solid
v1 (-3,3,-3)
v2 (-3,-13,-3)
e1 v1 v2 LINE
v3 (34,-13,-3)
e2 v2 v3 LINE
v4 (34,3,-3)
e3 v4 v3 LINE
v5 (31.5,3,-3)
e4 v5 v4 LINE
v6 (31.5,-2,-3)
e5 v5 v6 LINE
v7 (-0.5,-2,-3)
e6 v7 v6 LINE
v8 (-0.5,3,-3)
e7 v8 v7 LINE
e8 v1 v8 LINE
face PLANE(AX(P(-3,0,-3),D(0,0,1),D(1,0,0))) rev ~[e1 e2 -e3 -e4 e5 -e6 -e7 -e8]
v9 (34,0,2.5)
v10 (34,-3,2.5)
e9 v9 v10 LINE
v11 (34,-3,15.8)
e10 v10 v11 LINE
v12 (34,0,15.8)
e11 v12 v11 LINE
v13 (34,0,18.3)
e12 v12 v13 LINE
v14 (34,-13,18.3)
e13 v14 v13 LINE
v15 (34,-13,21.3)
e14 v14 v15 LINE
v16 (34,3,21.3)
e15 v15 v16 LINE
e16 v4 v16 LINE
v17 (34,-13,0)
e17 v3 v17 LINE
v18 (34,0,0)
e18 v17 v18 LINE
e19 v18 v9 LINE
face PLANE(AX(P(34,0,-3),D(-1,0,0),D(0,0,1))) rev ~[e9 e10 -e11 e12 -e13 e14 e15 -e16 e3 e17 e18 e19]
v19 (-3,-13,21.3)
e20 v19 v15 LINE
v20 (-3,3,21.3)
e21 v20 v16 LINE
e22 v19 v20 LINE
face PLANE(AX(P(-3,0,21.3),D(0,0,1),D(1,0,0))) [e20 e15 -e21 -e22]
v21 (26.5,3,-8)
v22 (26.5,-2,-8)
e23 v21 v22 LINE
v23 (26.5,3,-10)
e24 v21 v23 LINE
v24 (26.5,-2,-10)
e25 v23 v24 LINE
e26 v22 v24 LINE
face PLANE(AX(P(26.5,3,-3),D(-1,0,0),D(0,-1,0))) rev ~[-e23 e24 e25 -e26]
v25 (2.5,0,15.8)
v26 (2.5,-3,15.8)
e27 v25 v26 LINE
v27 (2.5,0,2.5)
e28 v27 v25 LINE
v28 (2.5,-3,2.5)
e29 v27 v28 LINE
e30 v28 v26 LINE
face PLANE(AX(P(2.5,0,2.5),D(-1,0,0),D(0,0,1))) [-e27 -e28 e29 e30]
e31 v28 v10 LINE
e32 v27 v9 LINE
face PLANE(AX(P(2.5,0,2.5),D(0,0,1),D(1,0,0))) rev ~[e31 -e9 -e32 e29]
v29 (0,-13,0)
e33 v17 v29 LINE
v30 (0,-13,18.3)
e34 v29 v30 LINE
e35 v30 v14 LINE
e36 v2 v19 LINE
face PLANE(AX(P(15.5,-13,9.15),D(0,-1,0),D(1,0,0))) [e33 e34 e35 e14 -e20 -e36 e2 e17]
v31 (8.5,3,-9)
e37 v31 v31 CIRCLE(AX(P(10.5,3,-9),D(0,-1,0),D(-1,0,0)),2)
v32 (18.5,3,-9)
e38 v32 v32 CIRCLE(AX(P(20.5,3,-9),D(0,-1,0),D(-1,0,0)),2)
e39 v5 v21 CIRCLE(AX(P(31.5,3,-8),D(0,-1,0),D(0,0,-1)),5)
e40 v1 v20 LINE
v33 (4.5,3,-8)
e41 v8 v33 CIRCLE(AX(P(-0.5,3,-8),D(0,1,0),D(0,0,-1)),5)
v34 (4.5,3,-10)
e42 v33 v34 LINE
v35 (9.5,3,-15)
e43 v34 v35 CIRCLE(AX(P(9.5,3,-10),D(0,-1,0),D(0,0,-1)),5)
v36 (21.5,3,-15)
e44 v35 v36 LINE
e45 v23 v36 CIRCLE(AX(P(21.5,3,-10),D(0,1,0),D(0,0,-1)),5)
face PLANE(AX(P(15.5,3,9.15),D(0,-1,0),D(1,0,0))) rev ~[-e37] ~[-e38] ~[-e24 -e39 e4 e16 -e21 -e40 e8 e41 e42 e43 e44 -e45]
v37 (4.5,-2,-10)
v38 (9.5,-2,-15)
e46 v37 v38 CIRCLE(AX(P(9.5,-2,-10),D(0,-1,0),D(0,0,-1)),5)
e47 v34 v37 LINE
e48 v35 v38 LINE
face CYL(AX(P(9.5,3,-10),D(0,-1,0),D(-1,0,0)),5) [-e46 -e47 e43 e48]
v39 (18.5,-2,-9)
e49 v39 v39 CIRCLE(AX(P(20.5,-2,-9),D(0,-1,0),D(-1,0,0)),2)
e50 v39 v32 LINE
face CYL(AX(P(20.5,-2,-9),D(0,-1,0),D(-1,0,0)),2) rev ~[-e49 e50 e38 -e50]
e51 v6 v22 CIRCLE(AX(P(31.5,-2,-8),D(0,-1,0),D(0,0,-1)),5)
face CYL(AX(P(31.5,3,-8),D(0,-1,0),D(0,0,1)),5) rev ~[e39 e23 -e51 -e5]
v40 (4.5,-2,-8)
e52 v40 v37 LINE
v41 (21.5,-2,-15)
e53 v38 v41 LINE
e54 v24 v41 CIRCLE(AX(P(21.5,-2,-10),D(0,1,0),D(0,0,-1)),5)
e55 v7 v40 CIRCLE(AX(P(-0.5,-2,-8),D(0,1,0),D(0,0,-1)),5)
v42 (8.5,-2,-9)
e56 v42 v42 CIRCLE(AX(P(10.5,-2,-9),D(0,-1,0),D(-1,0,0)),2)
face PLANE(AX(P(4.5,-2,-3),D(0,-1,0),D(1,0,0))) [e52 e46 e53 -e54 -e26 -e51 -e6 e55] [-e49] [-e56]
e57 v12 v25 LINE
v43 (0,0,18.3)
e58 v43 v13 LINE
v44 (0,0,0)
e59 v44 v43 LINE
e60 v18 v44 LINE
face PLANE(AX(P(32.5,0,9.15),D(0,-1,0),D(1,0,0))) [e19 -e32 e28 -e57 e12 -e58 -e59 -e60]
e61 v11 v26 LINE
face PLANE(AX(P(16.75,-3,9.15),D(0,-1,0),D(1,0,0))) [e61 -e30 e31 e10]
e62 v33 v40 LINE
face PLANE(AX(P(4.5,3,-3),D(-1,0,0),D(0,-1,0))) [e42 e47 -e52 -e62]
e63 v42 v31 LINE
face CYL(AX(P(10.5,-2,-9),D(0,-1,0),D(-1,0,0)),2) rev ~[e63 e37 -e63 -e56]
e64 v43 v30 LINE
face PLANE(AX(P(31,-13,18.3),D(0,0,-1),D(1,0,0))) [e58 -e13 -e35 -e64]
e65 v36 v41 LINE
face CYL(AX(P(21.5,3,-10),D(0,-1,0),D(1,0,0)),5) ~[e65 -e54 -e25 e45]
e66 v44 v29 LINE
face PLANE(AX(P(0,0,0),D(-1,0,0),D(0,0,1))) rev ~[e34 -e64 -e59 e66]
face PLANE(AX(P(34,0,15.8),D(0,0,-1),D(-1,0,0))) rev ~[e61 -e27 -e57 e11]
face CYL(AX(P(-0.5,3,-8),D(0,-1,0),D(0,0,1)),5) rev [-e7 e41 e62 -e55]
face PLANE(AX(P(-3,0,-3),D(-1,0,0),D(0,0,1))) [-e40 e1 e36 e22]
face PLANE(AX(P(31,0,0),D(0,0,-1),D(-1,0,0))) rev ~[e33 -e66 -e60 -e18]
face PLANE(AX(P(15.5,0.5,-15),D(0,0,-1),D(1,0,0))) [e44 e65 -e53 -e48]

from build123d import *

# Parameters (mm, degrees)
F0_W      = 37
F0_H      = 24.3
F0_W_2    = 31
F0_H_2    = 9.15
F1_DEPTH  = 3
F2_DEPTH  = 13
F3_W      = 3
F3_H      = 18.3
F4_DEPTH  = 13
F5_W      = 28.5
F5_H      = 13.3
F5_W_2    = 3
F6_DEPTH  = 3
F7_W      = 22
F7_H      = 5
F8_DEPTH  = 12
F10_R     = 5
F11_DEPTH = 25


with BuildPart() as f1:
    # F0 (on Front) → F1 (new body)
    with BuildSketch(Plane.XZ):
        with Locations((15.5, 9.15)):
            Rectangle(F0_W, F0_H)
        Polygon((31, 0), (0, 0), (0, 9.15), (0, 18.3), (31, 18.3), (31, 9.15), align=None, mode=Mode.SUBTRACT)
        with Locations((15.5, 13.725)):
            Rectangle(F0_W_2, F0_H_2)
        with Locations((15.5, 4.575)):
            Rectangle(F0_W_2, F0_H_2)
    extrude(amount=-F1_DEPTH)

    # F0 (on Front) → F2 (join)
    with BuildSketch(Plane.XZ):
        with Locations((15.5, 9.15)):
            Rectangle(F0_W, F0_H)
        Polygon((31, 0), (0, 0), (0, 9.15), (0, 18.3), (31, 18.3), (31, 9.15), align=None, mode=Mode.SUBTRACT)
    extrude(amount=F2_DEPTH)

    # F3 (on face) → F4 (cut, through all)
    with BuildSketch(Plane.XZ.offset(13)):
        with Locations((32.5, 9.15)):
            Rectangle(F3_W, F3_H)
    extrude(amount=-F4_DEPTH, mode=Mode.SUBTRACT)

    # F5 (on face) → F6 (join)
    with BuildSketch(Plane.XZ):
        with Locations((16.75, 9.15)):
            Rectangle(F5_W, F5_H)
        with Locations((32.5, 9.15)):
            Rectangle(F5_W_2, F5_H)
    extrude(amount=F6_DEPTH)

    # F7 (on face) → F8 (join)
    with BuildSketch(Plane(origin=(0, 0, -3), x_dir=(1, 0, 0), z_dir=(0, 0, -1))):
        with Locations((15.5, -0.5)):
            Rectangle(F7_W, F7_H)
    extrude(amount=F8_DEPTH)

    # F10
    f10_edges = [f1.edges().sort_by_distance(p)[0] for p in [
        (4.5, 0.5, -15),
        (4.5, 0.5, -3),
        (26.5, 0.5, -15),
        (26.5, 0.5, -3),
    ]]
    fillet(f10_edges, radius=F10_R)

    # F9 (on face) → F11 (cut)
    with BuildSketch(Plane.XZ.offset(2)):
        with BuildLine():
            Line((8.5, -9), (12.5, -9))
            ThreePointArc((12.5, -9), (10.5, -7), (8.5, -9))
        make_face()
        with BuildLine():
            ThreePointArc((8.5, -9), (10.5, -11), (12.5, -9))
            Line((12.5, -9), (8.5, -9))
        make_face()
        with BuildLine():
            Line((18.5, -9), (22.5, -9))
            ThreePointArc((22.5, -9), (20.5, -7), (18.5, -9))
        make_face()
        with BuildLine():
            ThreePointArc((18.5, -9), (20.5, -11), (22.5, -9))
            Line((22.5, -9), (18.5, -9))
        make_face()
    extrude(amount=-F11_DEPTH, mode=Mode.SUBTRACT)


solid = f1.part
